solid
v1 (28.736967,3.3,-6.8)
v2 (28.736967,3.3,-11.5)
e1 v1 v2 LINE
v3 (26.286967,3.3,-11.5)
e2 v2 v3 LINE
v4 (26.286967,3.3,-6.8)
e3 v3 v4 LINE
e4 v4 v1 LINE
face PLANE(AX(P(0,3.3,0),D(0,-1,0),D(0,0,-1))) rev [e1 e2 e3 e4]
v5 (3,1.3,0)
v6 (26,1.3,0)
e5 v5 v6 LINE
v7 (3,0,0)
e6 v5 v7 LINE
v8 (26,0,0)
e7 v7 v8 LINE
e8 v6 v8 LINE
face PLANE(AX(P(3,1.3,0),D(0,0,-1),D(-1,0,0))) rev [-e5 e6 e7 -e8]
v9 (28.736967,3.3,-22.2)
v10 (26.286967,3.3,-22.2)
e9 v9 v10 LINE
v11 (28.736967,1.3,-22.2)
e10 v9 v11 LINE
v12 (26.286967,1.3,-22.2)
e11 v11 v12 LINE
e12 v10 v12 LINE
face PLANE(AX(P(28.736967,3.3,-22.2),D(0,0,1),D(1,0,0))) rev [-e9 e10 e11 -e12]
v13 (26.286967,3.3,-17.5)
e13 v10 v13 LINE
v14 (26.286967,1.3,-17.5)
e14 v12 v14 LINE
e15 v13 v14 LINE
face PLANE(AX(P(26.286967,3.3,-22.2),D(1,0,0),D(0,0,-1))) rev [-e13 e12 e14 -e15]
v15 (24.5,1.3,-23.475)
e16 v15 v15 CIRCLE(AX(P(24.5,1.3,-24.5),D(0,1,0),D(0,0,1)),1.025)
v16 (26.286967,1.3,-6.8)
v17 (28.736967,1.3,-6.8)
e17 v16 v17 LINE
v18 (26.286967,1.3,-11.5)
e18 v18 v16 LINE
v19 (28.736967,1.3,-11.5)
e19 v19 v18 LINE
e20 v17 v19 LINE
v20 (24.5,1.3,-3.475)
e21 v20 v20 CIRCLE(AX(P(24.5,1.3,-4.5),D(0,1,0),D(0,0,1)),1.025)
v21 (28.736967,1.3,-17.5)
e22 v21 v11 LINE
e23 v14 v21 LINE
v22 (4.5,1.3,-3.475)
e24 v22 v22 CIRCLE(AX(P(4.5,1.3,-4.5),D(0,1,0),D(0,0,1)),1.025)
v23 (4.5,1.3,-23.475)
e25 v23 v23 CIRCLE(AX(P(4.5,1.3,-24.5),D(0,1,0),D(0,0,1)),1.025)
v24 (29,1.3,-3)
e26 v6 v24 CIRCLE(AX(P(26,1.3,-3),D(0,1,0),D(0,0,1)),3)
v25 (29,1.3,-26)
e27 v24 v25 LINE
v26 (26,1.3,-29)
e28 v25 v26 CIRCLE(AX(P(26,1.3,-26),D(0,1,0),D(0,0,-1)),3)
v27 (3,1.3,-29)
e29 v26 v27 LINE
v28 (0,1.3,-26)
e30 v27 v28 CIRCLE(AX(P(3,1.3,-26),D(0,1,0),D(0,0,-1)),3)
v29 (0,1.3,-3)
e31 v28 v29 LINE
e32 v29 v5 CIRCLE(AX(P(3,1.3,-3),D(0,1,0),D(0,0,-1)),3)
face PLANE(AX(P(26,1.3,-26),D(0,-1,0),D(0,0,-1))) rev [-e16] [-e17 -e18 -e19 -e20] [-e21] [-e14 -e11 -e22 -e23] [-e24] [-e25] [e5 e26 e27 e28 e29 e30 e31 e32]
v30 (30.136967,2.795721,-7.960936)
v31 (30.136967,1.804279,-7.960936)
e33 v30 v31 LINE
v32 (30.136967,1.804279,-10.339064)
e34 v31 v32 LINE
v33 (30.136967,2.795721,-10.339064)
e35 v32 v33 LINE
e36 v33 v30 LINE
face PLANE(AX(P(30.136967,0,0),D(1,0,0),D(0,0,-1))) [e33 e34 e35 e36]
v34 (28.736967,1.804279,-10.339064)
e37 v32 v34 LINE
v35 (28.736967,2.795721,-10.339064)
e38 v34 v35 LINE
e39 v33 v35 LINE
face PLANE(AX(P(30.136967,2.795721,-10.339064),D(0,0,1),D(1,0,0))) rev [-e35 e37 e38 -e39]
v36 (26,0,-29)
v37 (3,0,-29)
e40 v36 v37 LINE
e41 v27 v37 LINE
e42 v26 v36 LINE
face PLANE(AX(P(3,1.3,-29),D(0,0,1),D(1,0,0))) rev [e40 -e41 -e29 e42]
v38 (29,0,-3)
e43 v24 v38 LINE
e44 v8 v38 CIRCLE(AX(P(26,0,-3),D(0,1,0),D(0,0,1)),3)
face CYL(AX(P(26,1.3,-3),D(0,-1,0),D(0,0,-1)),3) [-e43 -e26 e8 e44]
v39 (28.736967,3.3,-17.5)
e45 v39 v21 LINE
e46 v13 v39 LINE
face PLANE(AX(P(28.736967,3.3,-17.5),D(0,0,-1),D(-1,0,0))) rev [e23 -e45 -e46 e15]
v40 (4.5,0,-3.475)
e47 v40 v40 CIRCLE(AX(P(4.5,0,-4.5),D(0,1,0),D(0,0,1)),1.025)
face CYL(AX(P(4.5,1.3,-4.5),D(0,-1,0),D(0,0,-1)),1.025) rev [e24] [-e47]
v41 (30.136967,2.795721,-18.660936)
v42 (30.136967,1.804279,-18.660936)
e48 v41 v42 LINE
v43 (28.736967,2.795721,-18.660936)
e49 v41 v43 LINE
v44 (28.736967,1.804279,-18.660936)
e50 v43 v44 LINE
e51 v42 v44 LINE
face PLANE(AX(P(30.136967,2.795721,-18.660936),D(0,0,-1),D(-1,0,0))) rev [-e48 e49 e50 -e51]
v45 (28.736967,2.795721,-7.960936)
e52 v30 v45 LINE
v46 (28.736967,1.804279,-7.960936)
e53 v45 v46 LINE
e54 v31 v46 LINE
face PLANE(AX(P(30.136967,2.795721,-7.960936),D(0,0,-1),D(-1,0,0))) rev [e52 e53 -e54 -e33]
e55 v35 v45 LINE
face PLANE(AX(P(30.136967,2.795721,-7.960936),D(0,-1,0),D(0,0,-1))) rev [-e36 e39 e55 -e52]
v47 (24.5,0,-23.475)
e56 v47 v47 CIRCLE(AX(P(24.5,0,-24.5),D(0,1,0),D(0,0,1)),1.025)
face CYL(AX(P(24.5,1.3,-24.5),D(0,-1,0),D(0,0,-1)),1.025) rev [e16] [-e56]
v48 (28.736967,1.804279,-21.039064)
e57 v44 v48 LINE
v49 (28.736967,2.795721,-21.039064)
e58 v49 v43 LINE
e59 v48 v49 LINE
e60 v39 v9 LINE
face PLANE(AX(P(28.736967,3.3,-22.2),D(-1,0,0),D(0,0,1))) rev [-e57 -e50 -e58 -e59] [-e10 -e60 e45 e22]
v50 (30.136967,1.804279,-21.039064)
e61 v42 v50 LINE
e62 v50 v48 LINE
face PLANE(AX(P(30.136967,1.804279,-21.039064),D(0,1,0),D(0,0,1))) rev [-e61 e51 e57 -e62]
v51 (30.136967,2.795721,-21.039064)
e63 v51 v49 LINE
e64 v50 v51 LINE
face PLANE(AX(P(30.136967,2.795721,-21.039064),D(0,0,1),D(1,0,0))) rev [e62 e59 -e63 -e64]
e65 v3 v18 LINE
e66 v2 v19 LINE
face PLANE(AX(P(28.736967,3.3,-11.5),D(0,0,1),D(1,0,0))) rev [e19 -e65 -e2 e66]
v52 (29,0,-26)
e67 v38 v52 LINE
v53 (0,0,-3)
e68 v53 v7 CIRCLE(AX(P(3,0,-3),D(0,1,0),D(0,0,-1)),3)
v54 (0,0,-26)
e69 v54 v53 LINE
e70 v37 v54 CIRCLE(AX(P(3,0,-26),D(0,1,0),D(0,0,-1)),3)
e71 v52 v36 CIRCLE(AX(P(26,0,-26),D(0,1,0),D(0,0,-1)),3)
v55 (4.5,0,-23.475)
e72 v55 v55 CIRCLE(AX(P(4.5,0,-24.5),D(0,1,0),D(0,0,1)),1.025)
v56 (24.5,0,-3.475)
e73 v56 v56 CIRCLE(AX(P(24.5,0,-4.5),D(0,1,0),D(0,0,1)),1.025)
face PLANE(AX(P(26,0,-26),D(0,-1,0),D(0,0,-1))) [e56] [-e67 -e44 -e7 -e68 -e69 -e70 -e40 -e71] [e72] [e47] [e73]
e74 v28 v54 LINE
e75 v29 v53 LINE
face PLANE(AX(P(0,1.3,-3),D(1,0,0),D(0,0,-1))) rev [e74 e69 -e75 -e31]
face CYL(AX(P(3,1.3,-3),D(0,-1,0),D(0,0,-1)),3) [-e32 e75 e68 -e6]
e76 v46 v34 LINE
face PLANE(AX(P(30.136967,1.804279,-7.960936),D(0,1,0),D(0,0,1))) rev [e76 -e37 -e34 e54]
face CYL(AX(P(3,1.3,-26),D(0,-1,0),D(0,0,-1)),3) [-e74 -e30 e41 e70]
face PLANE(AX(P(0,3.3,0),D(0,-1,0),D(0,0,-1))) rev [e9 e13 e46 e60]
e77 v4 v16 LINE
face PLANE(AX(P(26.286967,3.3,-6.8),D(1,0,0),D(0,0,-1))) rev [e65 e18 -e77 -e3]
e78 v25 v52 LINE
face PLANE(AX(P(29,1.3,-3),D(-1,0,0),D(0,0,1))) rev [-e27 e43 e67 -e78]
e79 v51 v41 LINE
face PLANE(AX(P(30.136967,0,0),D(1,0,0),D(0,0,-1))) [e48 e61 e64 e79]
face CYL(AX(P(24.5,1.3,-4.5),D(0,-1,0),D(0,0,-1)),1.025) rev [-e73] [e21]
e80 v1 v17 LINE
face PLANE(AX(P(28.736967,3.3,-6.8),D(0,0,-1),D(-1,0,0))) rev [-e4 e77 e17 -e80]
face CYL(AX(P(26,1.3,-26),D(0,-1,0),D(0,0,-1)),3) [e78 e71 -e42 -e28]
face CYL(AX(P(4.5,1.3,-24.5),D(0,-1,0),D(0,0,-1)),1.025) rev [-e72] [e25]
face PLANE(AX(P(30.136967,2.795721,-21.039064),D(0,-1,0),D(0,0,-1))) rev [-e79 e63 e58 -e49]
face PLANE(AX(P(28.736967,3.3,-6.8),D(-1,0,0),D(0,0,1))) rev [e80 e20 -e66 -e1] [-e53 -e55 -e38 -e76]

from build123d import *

# Parameters (mm, degrees)
SKETCH1_R           = 1.025
BOSS_EXTRUDE1_DEPTH = 1.3
SKETCH2_W           = 2.45
SKETCH2_H           = 4.7
BOSS_EXTRUDE2_DEPTH = 2
SKETCH3_W           = 2.378127828
SKETCH3_H           = 0.99144163
BOSS_EXTRUDE3_DEPTH = 1.4


with BuildPart() as part:
    # Sketch1 → Boss-Extrude1 (new body)
    with BuildSketch(Plane(origin=(0, 0, 0), x_dir=(1, 0, 0), z_dir=(0, 1, 0))):
        with BuildLine():
            Line((3, 0), (26, 0))
            ThreePointArc((26, 0), (28.121320344, 0.878679656), (29, 3))
            Line((29, 3), (29, 26))
            ThreePointArc((29, 26), (28.121320344, 28.121320344), (26, 29))
            Line((26, 29), (3, 29))
            ThreePointArc((3, 29), (0.878679656, 28.121320344), (0, 26))
            Line((0, 26), (0, 3))
            ThreePointArc((0, 3), (0.878679656, 0.878679656), (3, 0))
        make_face()
        with Locations((4.5, 24.5)):
            Circle(SKETCH1_R, mode=Mode.SUBTRACT)
        with Locations((24.5, 24.5)):
            Circle(SKETCH1_R, mode=Mode.SUBTRACT)
        with Locations((24.5, 4.5)):
            Circle(SKETCH1_R, mode=Mode.SUBTRACT)
        with Locations((4.5, 4.5)):
            Circle(SKETCH1_R, mode=Mode.SUBTRACT)
    extrude(amount=BOSS_EXTRUDE1_DEPTH)

    # Sketch2 → Boss-Extrude2 (add)
    with BuildSketch(Plane(origin=(0, 1.3, 0), x_dir=(1, 0, 0), z_dir=(0, 1, 0))):
        with Locations((27.511966954, 19.85)):
            Rectangle(SKETCH2_W, SKETCH2_H)
        with Locations((27.511966954, 9.15)):
            Rectangle(SKETCH2_W, SKETCH2_H)
    extrude(amount=BOSS_EXTRUDE2_DEPTH)

    # Sketch3 → Boss-Extrude3 (add)
    with BuildSketch(Plane(origin=(28.736966954, 0, 0), x_dir=(0, 0, -1), z_dir=(1, 0, 0))):
        with Locations((9.15, 2.3)):
            Rectangle(SKETCH3_W, SKETCH3_H)
        with Locations((19.85, 2.3)):
            Rectangle(SKETCH3_W, SKETCH3_H)
    extrude(amount=BOSS_EXTRUDE3_DEPTH)


solid = part.part
